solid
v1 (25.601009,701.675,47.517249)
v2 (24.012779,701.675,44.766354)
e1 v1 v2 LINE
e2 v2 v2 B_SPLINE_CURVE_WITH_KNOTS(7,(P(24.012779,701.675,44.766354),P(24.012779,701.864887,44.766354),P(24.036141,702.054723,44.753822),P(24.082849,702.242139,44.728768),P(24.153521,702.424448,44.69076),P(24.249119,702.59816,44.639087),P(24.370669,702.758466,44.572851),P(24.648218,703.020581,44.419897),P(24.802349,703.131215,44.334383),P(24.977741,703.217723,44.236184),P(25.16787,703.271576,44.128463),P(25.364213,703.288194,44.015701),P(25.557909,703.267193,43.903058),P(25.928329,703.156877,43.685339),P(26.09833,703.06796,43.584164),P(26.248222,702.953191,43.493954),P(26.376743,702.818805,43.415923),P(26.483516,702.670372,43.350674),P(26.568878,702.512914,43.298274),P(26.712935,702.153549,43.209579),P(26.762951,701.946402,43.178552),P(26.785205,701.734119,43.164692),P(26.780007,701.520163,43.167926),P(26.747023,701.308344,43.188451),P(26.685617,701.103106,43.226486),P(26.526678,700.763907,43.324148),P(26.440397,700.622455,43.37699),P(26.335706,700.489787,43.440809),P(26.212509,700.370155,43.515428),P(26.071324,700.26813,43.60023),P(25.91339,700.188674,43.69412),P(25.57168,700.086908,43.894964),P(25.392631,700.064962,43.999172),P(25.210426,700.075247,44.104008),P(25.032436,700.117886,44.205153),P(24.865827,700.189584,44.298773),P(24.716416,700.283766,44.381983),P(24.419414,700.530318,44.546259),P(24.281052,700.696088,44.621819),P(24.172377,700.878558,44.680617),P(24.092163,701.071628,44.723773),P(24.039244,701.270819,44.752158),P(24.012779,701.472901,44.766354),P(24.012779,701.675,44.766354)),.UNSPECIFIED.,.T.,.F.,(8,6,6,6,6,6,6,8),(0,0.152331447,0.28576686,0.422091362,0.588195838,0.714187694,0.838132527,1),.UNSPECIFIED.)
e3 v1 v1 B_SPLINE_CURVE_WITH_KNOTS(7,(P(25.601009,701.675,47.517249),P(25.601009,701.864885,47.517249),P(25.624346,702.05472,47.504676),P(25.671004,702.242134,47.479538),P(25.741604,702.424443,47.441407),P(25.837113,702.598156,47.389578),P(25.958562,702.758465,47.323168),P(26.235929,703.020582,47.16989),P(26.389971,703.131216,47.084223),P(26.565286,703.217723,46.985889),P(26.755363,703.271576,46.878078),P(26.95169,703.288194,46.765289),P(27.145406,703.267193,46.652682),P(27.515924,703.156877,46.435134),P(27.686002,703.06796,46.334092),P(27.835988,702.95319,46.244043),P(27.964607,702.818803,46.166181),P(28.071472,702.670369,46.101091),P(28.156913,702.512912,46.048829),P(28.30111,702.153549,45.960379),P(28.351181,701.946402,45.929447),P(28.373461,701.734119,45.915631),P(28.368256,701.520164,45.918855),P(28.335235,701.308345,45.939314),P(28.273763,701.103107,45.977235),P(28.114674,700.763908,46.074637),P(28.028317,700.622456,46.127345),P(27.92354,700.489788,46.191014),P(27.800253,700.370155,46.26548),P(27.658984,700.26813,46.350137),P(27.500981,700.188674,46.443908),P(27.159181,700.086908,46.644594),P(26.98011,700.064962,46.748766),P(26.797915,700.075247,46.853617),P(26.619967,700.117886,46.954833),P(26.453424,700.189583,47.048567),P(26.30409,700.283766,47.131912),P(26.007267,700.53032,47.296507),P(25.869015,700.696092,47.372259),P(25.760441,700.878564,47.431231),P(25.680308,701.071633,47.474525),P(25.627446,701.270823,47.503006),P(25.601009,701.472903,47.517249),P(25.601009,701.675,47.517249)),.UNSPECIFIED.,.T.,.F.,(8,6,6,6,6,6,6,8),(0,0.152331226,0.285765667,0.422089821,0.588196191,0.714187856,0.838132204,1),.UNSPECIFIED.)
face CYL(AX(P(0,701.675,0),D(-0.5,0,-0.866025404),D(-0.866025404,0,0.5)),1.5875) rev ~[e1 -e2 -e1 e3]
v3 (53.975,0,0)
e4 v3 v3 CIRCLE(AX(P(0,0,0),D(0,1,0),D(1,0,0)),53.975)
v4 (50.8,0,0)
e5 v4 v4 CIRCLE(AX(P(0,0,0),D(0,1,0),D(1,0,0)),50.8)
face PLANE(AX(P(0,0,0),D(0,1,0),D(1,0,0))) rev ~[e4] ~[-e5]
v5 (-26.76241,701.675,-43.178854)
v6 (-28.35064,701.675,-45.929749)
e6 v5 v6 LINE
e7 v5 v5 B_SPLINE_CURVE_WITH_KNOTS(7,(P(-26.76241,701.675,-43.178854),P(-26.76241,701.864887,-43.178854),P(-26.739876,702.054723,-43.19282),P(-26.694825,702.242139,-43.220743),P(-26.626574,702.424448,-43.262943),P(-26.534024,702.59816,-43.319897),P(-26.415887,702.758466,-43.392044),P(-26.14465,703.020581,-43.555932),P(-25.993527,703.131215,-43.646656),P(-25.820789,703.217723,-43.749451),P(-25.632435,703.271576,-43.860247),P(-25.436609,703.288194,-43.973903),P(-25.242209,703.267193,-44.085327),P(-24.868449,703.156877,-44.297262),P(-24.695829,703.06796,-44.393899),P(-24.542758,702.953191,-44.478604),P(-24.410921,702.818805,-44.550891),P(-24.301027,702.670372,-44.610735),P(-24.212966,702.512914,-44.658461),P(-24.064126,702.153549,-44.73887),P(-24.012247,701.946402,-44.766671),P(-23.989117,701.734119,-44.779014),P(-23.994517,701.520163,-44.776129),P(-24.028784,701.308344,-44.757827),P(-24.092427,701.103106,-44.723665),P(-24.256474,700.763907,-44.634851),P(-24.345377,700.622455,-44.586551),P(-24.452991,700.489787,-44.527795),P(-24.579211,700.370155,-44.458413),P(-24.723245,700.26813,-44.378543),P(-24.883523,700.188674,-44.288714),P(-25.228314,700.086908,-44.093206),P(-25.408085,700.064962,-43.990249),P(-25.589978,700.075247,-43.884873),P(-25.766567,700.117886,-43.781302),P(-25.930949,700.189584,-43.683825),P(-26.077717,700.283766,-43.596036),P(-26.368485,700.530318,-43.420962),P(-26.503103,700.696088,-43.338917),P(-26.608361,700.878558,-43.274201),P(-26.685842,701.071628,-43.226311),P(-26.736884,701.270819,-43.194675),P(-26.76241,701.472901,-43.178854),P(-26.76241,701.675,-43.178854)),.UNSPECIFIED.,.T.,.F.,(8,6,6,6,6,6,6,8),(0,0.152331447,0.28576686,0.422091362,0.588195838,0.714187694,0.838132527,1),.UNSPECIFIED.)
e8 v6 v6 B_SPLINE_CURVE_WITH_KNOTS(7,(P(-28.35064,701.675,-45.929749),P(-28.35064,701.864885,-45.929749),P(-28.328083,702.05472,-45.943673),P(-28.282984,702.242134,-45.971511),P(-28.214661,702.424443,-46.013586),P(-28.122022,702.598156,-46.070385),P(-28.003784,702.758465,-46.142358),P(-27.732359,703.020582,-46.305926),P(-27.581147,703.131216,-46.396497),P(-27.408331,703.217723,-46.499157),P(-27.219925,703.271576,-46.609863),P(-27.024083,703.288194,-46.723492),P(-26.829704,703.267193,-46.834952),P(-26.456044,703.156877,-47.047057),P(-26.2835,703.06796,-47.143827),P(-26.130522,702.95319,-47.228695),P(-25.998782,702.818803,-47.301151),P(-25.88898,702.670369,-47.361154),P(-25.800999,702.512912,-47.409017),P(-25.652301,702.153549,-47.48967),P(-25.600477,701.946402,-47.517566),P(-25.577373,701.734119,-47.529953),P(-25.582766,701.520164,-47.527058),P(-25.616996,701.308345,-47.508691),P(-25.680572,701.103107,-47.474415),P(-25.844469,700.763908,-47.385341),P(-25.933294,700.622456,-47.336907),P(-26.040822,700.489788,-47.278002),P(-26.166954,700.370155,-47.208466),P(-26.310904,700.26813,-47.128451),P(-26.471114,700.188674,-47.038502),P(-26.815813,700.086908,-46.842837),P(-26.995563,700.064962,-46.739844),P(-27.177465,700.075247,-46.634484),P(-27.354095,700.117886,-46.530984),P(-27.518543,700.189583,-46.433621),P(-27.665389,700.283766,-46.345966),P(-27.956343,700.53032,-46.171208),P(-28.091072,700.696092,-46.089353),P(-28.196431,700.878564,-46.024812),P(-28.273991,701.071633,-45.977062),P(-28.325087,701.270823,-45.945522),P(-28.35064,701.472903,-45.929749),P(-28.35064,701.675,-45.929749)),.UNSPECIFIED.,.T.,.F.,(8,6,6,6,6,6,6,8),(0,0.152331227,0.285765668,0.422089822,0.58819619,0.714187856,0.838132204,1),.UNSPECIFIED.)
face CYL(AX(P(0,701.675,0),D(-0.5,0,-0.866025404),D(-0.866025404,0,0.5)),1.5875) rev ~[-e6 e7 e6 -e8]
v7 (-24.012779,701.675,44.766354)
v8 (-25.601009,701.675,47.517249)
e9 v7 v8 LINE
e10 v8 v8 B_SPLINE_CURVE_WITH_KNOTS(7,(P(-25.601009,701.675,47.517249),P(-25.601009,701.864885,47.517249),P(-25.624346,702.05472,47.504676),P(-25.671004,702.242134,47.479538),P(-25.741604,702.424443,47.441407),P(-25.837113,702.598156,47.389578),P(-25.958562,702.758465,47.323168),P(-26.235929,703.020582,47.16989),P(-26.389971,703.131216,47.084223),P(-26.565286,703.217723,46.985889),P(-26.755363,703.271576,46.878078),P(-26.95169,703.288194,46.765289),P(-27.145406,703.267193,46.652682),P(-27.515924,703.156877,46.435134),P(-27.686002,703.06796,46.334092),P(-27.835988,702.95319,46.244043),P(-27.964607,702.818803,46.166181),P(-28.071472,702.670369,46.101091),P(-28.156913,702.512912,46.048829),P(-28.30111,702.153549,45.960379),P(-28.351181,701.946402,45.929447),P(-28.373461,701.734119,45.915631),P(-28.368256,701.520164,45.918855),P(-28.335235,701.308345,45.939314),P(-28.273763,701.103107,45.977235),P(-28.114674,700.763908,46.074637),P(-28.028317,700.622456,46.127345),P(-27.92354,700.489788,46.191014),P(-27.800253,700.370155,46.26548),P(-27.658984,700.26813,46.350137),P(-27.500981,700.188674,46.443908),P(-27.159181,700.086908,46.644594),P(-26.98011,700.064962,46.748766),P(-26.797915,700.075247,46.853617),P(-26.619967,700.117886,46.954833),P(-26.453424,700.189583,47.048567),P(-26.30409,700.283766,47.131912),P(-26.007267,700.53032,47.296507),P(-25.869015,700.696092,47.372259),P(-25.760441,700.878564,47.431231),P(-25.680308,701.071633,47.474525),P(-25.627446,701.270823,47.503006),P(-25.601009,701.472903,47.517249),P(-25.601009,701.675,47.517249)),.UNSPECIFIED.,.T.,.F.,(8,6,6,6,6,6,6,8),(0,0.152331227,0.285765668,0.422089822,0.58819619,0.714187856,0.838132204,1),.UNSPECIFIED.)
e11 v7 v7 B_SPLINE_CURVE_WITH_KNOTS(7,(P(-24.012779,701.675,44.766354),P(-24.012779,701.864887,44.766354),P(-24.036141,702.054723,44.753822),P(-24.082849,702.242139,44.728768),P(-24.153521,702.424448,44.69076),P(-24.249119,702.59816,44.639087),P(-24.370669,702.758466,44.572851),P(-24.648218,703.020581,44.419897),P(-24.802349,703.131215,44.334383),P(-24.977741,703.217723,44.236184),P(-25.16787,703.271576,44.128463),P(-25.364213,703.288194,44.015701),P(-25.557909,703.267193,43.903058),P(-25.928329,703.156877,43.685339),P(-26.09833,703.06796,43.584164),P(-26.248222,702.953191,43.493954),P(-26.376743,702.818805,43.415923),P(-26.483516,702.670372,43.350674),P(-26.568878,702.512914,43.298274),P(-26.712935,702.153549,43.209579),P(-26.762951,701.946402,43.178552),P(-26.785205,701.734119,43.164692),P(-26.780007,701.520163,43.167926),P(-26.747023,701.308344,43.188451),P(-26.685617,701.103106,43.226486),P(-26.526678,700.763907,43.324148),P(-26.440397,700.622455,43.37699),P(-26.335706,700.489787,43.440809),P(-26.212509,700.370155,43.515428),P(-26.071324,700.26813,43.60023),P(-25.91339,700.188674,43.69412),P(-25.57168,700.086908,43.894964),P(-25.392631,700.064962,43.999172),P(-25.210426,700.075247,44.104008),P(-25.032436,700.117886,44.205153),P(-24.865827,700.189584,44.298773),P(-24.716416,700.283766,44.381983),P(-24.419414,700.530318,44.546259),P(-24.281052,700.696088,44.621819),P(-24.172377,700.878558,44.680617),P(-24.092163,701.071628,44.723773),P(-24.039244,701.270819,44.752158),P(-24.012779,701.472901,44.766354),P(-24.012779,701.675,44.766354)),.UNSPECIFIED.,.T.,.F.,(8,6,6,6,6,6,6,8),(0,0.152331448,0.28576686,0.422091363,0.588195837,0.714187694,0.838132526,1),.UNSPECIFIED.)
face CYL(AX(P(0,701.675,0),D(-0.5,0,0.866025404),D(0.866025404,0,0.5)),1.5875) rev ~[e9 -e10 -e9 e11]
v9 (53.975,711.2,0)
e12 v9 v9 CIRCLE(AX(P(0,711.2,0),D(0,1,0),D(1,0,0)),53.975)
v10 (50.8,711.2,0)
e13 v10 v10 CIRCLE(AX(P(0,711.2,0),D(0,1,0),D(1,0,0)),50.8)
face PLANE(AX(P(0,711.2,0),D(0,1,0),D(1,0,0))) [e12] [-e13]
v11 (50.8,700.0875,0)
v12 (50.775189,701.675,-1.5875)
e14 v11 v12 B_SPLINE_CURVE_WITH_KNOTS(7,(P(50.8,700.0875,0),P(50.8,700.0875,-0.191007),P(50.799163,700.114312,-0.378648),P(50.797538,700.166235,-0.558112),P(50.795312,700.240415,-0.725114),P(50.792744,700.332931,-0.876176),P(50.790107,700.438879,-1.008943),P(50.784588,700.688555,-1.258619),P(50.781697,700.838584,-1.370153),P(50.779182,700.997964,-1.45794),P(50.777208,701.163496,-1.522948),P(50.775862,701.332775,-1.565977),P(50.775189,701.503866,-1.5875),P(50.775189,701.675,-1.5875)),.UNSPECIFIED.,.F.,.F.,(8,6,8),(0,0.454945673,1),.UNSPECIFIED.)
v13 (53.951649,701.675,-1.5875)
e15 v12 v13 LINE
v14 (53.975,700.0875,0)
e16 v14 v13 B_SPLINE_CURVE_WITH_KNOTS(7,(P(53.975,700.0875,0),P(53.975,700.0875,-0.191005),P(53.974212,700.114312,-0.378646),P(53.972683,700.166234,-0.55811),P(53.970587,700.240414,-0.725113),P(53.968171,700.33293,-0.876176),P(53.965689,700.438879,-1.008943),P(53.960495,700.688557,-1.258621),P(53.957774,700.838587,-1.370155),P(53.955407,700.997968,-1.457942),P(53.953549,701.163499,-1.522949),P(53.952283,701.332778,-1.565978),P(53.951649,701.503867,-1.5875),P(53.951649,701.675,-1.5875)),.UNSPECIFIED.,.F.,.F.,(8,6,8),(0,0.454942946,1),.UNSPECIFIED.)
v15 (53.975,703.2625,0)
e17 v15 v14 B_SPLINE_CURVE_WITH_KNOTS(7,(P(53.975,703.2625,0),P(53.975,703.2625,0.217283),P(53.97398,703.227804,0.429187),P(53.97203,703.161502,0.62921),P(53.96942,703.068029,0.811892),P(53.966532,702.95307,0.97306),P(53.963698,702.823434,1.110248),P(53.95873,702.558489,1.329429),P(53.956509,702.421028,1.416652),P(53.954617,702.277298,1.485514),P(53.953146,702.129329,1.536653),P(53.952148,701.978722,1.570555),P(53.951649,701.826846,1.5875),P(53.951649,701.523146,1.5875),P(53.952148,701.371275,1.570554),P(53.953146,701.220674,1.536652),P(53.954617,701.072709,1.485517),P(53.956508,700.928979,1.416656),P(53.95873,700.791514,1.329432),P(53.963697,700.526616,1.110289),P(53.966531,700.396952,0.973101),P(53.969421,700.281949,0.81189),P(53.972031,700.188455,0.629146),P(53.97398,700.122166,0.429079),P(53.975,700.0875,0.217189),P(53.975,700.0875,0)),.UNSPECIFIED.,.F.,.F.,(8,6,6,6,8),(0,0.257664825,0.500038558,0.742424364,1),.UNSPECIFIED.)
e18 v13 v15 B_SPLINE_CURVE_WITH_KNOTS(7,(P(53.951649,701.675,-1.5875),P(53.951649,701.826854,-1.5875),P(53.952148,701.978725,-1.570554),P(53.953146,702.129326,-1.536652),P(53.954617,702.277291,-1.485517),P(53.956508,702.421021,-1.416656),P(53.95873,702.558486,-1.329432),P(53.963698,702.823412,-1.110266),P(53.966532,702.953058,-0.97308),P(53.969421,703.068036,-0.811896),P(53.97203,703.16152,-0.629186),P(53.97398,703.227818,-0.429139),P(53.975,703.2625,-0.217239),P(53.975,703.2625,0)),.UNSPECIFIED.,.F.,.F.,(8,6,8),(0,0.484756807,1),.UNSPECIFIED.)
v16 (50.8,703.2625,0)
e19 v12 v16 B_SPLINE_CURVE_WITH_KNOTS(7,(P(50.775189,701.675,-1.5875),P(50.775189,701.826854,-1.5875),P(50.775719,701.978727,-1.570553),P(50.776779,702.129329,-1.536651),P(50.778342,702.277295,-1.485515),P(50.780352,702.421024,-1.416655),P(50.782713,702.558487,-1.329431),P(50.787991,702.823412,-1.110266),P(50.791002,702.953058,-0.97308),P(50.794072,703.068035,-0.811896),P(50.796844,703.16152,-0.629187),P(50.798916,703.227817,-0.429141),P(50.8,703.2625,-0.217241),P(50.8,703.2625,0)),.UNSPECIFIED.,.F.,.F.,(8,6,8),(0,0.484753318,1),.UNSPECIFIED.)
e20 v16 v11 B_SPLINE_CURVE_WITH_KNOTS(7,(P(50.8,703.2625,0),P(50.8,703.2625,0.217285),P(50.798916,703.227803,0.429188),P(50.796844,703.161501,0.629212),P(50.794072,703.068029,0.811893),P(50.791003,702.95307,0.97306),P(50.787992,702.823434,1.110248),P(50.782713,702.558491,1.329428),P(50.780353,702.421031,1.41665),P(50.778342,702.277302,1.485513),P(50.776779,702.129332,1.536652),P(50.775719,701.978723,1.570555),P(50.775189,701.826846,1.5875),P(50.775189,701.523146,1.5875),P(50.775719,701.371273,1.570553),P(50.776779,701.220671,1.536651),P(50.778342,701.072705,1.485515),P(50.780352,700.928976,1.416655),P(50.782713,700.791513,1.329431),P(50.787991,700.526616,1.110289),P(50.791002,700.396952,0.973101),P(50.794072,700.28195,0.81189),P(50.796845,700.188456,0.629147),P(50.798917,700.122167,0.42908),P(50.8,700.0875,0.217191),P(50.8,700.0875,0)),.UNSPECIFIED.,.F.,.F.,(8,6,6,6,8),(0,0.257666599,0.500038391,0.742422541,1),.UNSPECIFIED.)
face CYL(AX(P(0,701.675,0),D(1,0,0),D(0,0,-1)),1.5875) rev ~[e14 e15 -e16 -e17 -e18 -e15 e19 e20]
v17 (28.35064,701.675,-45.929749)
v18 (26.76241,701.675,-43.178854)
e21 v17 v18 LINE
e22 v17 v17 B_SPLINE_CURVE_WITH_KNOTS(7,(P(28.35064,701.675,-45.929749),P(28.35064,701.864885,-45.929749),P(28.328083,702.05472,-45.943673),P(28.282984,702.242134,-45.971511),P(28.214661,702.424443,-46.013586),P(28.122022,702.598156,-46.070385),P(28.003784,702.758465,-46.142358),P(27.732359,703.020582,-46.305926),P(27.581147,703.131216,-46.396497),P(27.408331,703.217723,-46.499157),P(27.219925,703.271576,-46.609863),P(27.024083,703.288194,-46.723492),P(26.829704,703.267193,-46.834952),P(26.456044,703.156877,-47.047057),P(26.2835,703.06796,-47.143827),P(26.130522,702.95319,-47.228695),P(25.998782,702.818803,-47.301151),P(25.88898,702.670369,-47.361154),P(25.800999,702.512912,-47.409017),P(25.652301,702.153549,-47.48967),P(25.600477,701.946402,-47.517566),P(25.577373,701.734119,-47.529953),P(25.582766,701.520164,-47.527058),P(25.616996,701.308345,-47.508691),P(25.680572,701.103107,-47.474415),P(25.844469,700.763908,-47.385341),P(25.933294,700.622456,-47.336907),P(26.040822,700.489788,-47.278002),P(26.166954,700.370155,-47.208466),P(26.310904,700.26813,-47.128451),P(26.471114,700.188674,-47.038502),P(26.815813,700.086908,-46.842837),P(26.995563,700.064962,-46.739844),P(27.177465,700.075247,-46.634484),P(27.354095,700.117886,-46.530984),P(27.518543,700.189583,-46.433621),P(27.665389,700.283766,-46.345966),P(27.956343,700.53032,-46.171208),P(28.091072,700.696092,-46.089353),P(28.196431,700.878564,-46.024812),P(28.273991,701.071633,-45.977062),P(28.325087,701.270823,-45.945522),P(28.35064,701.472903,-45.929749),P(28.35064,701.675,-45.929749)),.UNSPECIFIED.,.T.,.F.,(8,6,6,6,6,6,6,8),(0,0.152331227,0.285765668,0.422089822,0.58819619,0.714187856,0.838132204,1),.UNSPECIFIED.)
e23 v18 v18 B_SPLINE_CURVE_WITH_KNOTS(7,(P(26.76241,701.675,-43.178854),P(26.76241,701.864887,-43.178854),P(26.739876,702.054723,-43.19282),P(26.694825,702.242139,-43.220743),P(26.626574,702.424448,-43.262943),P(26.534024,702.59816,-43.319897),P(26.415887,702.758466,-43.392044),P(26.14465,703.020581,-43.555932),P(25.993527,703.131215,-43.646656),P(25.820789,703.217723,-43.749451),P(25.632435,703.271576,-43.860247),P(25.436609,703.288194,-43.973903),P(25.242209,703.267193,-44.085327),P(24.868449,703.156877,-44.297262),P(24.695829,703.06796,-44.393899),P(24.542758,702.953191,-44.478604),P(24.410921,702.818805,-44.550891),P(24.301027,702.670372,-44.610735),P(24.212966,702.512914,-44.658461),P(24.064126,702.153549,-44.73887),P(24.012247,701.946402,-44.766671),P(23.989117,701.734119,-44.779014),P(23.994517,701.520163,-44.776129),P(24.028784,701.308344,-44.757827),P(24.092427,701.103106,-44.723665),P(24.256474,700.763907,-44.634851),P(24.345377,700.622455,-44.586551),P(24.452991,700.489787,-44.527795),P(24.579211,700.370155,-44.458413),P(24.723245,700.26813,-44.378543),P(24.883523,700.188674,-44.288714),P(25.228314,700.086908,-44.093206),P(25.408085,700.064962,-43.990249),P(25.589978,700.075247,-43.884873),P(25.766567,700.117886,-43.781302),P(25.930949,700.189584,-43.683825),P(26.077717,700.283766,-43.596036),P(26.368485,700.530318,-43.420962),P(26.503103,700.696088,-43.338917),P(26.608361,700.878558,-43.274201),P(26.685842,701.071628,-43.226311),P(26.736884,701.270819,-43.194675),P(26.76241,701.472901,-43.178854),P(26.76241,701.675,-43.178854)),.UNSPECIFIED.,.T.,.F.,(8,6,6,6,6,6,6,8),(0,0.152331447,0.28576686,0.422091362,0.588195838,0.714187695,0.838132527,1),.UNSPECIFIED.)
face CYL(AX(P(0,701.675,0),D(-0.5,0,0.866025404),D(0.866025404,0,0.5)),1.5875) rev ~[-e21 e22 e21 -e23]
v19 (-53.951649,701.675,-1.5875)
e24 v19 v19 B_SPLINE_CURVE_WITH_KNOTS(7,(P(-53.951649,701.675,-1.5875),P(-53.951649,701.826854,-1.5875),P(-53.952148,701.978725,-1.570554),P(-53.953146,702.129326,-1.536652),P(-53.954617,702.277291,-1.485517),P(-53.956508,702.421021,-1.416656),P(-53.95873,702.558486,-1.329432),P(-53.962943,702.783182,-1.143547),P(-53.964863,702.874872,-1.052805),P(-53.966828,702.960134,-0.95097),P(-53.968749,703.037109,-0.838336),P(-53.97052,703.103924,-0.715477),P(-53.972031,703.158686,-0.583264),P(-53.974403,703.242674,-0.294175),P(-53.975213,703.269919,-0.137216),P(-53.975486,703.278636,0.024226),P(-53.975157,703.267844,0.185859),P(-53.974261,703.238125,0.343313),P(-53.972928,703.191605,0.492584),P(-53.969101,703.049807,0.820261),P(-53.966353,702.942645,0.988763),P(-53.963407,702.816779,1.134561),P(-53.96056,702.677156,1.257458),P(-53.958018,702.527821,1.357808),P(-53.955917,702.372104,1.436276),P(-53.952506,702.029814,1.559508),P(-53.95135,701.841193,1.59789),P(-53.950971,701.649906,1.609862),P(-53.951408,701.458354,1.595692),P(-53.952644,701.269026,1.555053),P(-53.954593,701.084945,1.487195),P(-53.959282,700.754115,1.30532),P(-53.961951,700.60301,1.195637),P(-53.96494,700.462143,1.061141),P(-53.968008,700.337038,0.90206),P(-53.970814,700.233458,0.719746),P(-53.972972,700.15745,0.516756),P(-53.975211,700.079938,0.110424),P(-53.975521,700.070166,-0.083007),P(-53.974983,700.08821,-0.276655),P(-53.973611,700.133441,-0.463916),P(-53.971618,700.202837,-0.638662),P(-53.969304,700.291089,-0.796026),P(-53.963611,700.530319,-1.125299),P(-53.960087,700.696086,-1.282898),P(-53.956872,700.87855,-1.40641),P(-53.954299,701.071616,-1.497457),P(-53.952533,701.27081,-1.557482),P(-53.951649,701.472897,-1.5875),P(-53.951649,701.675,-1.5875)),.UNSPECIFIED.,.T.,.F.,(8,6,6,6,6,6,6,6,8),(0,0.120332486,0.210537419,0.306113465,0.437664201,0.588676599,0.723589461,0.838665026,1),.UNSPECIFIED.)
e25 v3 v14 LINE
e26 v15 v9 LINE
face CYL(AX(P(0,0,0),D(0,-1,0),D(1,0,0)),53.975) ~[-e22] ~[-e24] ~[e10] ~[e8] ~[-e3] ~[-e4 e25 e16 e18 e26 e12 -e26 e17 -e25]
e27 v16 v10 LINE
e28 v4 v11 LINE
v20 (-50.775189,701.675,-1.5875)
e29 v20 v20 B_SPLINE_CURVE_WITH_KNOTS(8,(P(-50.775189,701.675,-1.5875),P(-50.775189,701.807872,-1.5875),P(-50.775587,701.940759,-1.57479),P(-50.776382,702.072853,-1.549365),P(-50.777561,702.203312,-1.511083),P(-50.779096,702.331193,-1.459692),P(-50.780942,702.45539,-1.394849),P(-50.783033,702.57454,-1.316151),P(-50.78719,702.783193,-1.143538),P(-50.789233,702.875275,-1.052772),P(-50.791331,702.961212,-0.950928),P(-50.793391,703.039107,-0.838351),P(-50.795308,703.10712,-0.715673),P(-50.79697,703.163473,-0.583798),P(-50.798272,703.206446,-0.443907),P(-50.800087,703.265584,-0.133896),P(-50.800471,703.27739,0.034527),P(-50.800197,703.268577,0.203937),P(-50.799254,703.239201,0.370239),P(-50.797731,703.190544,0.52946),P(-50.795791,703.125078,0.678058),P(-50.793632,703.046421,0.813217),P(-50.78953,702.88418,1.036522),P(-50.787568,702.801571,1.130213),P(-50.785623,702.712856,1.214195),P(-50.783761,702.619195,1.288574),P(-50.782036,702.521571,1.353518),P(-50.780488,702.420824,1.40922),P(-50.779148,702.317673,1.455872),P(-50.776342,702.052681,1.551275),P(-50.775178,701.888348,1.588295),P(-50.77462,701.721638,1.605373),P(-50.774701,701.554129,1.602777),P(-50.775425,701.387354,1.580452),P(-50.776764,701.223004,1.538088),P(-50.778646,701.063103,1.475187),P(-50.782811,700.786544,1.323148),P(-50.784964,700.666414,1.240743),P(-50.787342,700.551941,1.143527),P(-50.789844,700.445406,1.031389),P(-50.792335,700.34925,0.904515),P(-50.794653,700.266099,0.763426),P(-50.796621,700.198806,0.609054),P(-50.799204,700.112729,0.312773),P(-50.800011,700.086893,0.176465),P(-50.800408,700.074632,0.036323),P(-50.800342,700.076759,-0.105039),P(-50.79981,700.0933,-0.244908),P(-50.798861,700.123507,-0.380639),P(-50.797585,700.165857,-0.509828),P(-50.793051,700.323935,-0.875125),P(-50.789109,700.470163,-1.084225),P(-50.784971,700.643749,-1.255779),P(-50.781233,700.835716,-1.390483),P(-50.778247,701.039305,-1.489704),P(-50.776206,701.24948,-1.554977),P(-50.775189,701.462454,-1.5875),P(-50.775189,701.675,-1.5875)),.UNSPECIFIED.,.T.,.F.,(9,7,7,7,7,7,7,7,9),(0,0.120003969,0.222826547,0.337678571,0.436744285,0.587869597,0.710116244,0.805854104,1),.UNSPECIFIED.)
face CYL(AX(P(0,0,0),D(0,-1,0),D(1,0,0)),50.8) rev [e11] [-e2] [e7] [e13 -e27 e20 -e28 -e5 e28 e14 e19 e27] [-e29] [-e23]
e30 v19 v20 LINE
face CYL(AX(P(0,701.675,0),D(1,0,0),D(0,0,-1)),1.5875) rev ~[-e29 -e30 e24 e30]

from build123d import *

# Parameters (mm, degrees)
SKETCH1_R           = 53.975
SKETCH1_R_2         = 50.8
BOSS_EXTRUDE1_DEPTH = 711.2
SKETCH2_R           = 1.5875
CUT_EXTRUDE1_DEPTH  = 54.975
CIRPATTERN1_COUNT   = 3


with BuildPart() as part:
    # Sketch1 → Boss-Extrude1 (new body)
    with BuildSketch(Plane(origin=(0, 0, 0), x_dir=(1, 0, 0), z_dir=(0, 1, 0))):
        Circle(SKETCH1_R)
        Circle(SKETCH1_R_2, mode=Mode.SUBTRACT)
    extrude(amount=BOSS_EXTRUDE1_DEPTH)

    # Sketch2 → Cut-Extrude1 (cut, symmetric)
    with BuildSketch(Plane(origin=(0, 0, 0), x_dir=(0, 0, -1), z_dir=(1, 0, 0))):
        with Locations((0, 701.675)):
            Circle(SKETCH2_R)
    cut_extrude1 = extrude(amount=CUT_EXTRUDE1_DEPTH, both=True, mode=Mode.SUBTRACT)

    # CirPattern1: Cut-Extrude1 ×3 about axis
    cirpattern1_axis = Axis((0, 711.2, 0), (0, 1, 0))
    for i in range(1, CIRPATTERN1_COUNT):
        add(cut_extrude1.rotate(cirpattern1_axis, i * 360 / CIRPATTERN1_COUNT), mode=Mode.SUBTRACT)


solid = part.part
